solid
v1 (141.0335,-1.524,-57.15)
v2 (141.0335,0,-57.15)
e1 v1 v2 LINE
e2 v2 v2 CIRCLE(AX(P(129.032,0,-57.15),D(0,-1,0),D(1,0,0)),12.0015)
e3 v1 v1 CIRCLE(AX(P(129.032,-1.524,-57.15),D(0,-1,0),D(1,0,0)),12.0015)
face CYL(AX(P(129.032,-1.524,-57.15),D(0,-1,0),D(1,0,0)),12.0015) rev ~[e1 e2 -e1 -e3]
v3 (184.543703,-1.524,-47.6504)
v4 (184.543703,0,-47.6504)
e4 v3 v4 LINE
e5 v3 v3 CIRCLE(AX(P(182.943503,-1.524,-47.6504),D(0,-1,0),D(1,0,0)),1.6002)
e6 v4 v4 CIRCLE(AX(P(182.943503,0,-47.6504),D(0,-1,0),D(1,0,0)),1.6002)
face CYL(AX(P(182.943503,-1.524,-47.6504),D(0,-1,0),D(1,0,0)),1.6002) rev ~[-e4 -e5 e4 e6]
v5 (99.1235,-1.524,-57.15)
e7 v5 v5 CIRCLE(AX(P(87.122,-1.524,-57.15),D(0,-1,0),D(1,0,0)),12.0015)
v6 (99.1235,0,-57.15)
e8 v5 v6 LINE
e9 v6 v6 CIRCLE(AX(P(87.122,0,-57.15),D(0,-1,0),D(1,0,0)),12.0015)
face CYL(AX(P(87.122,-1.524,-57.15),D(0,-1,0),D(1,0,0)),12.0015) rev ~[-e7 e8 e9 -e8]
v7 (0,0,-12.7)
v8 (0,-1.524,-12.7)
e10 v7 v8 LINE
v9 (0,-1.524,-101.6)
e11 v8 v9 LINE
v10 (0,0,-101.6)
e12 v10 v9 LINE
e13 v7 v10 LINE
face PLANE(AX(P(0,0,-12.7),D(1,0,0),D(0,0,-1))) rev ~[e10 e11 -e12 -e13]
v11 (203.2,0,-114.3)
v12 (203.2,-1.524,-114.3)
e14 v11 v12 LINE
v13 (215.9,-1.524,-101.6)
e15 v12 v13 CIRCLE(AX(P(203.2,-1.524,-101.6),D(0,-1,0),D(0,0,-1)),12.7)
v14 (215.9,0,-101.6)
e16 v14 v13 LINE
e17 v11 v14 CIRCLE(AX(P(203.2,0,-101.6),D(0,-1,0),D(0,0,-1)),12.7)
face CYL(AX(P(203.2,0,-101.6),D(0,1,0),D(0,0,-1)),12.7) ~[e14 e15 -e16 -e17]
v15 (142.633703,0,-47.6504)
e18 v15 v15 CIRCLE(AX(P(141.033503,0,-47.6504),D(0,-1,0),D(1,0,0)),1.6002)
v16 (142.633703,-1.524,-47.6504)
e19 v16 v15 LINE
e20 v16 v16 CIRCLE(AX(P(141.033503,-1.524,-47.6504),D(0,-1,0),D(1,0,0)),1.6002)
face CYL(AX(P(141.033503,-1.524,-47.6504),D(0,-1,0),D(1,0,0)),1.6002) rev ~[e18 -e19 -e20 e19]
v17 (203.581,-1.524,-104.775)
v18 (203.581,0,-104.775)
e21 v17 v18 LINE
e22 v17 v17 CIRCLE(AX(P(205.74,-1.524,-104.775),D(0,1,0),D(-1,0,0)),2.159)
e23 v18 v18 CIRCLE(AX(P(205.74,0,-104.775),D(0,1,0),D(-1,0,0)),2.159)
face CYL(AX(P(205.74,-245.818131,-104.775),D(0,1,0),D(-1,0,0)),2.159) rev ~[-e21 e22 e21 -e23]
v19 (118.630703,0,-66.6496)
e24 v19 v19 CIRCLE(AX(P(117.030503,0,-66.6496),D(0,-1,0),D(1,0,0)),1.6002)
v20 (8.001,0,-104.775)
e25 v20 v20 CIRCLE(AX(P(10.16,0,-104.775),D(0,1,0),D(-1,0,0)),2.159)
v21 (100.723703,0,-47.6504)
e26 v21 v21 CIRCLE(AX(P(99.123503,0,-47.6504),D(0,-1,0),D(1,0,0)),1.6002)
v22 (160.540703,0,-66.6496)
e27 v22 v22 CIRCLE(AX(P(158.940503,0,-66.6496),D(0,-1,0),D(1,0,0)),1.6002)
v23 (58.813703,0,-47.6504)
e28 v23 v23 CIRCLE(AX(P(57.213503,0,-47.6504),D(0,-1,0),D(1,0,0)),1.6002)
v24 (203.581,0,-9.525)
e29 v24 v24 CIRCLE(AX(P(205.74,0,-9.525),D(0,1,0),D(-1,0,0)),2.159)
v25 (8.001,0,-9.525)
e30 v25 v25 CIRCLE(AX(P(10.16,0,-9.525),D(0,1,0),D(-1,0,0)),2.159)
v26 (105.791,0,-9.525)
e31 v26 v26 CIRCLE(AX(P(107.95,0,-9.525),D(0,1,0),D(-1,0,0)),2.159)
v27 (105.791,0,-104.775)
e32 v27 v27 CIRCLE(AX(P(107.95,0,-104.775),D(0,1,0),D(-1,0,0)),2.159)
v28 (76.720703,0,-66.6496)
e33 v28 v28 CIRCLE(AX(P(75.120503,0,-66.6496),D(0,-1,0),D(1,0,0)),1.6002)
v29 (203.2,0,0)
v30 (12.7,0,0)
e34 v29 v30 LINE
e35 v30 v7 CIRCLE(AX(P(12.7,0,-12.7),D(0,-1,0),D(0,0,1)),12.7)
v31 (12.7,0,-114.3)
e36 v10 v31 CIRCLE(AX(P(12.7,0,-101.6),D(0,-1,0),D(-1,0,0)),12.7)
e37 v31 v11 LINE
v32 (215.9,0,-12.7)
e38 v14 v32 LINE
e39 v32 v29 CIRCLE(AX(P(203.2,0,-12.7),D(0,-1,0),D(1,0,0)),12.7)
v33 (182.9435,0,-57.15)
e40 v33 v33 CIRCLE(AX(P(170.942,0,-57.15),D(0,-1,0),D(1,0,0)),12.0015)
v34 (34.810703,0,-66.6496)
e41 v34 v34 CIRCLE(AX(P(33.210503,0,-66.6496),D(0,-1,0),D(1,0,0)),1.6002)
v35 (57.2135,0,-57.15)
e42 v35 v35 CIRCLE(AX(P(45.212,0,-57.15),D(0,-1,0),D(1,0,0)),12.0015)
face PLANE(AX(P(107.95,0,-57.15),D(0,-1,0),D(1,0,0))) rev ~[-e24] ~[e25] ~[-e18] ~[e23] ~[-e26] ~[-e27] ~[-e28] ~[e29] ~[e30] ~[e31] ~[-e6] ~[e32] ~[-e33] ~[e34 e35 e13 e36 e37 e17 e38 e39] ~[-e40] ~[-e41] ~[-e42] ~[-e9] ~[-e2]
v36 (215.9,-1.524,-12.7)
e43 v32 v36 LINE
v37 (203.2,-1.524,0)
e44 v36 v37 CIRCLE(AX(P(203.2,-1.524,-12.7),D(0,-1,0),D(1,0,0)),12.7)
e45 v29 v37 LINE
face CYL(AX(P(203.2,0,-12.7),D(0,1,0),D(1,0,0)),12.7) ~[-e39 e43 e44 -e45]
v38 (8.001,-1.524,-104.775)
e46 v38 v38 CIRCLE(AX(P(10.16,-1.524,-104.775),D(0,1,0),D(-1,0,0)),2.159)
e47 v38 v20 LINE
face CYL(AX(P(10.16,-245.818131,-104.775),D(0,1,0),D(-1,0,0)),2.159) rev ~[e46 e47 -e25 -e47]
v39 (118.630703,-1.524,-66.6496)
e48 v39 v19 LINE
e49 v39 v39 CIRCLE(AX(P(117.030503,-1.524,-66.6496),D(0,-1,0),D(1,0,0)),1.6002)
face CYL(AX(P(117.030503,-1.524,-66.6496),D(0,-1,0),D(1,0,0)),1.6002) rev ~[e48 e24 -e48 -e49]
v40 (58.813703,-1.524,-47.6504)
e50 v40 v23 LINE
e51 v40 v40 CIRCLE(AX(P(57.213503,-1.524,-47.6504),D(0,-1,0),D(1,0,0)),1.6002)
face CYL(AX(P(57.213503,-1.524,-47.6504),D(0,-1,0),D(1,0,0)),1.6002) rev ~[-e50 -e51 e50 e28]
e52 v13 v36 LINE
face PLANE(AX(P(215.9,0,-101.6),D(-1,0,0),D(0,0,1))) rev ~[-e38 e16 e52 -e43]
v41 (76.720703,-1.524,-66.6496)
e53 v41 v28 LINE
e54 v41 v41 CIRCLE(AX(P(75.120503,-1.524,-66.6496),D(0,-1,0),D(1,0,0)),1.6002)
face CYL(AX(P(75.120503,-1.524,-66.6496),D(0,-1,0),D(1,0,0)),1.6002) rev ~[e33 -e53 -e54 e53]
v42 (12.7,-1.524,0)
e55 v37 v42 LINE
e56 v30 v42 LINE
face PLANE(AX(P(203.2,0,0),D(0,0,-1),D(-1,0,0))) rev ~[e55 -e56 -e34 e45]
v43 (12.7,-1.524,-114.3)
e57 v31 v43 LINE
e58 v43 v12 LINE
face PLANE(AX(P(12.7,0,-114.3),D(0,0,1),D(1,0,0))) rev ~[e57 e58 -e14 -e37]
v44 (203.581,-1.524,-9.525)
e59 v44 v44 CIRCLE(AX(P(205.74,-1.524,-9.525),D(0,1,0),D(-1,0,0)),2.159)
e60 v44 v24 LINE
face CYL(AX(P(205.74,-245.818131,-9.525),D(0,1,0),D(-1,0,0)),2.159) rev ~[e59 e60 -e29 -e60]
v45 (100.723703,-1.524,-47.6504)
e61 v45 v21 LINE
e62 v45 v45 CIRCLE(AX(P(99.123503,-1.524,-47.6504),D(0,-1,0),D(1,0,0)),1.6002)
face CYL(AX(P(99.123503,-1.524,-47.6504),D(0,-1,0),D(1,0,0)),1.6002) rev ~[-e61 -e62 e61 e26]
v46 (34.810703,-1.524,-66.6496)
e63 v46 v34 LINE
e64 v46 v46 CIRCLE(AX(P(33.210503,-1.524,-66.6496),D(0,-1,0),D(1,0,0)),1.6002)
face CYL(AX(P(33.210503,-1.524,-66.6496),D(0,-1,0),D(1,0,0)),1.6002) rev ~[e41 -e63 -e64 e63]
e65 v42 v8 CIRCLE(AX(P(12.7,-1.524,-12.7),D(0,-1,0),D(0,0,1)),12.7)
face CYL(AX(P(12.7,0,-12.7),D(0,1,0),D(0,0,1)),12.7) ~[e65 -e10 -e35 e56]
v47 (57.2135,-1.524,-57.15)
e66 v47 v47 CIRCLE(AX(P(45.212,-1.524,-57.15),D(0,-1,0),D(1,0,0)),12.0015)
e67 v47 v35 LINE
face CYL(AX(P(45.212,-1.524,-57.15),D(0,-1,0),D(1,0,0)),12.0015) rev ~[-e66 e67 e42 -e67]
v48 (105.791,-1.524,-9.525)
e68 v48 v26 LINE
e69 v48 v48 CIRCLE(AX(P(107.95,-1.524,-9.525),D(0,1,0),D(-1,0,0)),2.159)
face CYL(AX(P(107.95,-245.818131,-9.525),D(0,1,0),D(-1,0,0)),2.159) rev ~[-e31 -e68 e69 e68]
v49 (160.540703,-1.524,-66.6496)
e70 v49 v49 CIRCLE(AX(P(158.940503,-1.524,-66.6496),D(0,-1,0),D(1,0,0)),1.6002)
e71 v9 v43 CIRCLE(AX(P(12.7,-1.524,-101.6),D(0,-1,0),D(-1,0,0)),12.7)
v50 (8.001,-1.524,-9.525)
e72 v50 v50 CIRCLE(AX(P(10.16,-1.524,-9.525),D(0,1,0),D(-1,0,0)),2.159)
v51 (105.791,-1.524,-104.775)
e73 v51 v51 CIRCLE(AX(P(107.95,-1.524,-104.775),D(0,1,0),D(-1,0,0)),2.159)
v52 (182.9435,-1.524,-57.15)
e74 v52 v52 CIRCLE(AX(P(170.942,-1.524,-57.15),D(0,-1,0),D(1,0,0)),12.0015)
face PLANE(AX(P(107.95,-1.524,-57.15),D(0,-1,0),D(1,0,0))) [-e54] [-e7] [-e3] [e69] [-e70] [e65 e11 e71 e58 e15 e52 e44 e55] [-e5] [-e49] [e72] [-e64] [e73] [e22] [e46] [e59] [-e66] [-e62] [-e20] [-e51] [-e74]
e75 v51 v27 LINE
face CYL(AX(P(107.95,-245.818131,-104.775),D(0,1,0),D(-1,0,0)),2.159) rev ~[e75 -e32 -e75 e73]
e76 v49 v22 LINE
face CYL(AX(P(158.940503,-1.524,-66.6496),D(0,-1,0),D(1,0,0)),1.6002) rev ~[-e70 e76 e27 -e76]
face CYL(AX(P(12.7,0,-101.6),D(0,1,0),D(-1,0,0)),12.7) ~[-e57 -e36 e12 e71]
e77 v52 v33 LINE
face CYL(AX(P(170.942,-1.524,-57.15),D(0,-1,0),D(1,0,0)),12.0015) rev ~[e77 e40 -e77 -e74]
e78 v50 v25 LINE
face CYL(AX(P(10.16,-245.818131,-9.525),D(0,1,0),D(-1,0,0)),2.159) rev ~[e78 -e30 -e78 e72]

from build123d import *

# Parameters (mm, degrees)
F1_DEPTH = 1.524
F2_R     = 12.0015
F2_R_2   = 1.6002
F3_DEPTH = 1.525
F5_D     = 4.318


with BuildPart() as f1:
    # F0 (on Front) → F1 (new body)
    with BuildSketch(Plane.XZ):
        with BuildLine():
            Line((203.2, 0), (12.7, 0))
            ThreePointArc((12.7, 0), (3.7197438789, -3.7197438789), (0, -12.7))
            Line((0, -12.7), (0, -101.6))
            ThreePointArc((0, -101.6), (3.7197438789, -110.5802561211), (12.7, -114.3))
            Line((12.7, -114.3), (203.2, -114.3))
            ThreePointArc((203.2, -114.3), (212.1802561211, -110.5802561211), (215.9, -101.6))
            Line((215.9, -101.6), (215.9, -12.7))
            ThreePointArc((215.9, -12.7), (212.1802561211, -3.7197438789), (203.2, 0))
        make_face()
    extrude(amount=F1_DEPTH)

    # F2 (on face) → F3 (cut, through all)
    with BuildSketch(Plane.XZ.offset(1.524)):
        with Locations((45.212, -57.15)):
            Circle(F2_R)
        with Locations((33.2105027356, -66.6496)):
            Circle(F2_R_2)
        with Locations((57.2135027356, -47.6504)):
            Circle(F2_R_2)
        with Locations((99.1235027356, -47.6504)):
            Circle(F2_R_2)
        with Locations((87.122, -57.15)):
            Circle(F2_R)
        with Locations((75.1205027356, -66.6496)):
            Circle(F2_R_2)
        with Locations((141.0335027356, -47.6504)):
            Circle(F2_R_2)
        with Locations((129.032, -57.15)):
            Circle(F2_R)
        with Locations((117.0305027356, -66.6496)):
            Circle(F2_R_2)
        with Locations((182.9435027356, -47.6504)):
            Circle(F2_R_2)
        with Locations((170.942, -57.15)):
            Circle(F2_R)
        with Locations((158.9405027356, -66.6496)):
            Circle(F2_R_2)
    extrude(amount=-F3_DEPTH, mode=Mode.SUBTRACT)

    # F5 (through all)
    with Locations(Plane.XZ.offset(1.524)):
        with Locations((10.16, -9.525), (107.95, -9.525), (205.74, -9.525), (205.74, -104.775), (107.95, -104.775), (10.16, -104.775)):
            Hole(F5_D / 2)


solid = f1.part
